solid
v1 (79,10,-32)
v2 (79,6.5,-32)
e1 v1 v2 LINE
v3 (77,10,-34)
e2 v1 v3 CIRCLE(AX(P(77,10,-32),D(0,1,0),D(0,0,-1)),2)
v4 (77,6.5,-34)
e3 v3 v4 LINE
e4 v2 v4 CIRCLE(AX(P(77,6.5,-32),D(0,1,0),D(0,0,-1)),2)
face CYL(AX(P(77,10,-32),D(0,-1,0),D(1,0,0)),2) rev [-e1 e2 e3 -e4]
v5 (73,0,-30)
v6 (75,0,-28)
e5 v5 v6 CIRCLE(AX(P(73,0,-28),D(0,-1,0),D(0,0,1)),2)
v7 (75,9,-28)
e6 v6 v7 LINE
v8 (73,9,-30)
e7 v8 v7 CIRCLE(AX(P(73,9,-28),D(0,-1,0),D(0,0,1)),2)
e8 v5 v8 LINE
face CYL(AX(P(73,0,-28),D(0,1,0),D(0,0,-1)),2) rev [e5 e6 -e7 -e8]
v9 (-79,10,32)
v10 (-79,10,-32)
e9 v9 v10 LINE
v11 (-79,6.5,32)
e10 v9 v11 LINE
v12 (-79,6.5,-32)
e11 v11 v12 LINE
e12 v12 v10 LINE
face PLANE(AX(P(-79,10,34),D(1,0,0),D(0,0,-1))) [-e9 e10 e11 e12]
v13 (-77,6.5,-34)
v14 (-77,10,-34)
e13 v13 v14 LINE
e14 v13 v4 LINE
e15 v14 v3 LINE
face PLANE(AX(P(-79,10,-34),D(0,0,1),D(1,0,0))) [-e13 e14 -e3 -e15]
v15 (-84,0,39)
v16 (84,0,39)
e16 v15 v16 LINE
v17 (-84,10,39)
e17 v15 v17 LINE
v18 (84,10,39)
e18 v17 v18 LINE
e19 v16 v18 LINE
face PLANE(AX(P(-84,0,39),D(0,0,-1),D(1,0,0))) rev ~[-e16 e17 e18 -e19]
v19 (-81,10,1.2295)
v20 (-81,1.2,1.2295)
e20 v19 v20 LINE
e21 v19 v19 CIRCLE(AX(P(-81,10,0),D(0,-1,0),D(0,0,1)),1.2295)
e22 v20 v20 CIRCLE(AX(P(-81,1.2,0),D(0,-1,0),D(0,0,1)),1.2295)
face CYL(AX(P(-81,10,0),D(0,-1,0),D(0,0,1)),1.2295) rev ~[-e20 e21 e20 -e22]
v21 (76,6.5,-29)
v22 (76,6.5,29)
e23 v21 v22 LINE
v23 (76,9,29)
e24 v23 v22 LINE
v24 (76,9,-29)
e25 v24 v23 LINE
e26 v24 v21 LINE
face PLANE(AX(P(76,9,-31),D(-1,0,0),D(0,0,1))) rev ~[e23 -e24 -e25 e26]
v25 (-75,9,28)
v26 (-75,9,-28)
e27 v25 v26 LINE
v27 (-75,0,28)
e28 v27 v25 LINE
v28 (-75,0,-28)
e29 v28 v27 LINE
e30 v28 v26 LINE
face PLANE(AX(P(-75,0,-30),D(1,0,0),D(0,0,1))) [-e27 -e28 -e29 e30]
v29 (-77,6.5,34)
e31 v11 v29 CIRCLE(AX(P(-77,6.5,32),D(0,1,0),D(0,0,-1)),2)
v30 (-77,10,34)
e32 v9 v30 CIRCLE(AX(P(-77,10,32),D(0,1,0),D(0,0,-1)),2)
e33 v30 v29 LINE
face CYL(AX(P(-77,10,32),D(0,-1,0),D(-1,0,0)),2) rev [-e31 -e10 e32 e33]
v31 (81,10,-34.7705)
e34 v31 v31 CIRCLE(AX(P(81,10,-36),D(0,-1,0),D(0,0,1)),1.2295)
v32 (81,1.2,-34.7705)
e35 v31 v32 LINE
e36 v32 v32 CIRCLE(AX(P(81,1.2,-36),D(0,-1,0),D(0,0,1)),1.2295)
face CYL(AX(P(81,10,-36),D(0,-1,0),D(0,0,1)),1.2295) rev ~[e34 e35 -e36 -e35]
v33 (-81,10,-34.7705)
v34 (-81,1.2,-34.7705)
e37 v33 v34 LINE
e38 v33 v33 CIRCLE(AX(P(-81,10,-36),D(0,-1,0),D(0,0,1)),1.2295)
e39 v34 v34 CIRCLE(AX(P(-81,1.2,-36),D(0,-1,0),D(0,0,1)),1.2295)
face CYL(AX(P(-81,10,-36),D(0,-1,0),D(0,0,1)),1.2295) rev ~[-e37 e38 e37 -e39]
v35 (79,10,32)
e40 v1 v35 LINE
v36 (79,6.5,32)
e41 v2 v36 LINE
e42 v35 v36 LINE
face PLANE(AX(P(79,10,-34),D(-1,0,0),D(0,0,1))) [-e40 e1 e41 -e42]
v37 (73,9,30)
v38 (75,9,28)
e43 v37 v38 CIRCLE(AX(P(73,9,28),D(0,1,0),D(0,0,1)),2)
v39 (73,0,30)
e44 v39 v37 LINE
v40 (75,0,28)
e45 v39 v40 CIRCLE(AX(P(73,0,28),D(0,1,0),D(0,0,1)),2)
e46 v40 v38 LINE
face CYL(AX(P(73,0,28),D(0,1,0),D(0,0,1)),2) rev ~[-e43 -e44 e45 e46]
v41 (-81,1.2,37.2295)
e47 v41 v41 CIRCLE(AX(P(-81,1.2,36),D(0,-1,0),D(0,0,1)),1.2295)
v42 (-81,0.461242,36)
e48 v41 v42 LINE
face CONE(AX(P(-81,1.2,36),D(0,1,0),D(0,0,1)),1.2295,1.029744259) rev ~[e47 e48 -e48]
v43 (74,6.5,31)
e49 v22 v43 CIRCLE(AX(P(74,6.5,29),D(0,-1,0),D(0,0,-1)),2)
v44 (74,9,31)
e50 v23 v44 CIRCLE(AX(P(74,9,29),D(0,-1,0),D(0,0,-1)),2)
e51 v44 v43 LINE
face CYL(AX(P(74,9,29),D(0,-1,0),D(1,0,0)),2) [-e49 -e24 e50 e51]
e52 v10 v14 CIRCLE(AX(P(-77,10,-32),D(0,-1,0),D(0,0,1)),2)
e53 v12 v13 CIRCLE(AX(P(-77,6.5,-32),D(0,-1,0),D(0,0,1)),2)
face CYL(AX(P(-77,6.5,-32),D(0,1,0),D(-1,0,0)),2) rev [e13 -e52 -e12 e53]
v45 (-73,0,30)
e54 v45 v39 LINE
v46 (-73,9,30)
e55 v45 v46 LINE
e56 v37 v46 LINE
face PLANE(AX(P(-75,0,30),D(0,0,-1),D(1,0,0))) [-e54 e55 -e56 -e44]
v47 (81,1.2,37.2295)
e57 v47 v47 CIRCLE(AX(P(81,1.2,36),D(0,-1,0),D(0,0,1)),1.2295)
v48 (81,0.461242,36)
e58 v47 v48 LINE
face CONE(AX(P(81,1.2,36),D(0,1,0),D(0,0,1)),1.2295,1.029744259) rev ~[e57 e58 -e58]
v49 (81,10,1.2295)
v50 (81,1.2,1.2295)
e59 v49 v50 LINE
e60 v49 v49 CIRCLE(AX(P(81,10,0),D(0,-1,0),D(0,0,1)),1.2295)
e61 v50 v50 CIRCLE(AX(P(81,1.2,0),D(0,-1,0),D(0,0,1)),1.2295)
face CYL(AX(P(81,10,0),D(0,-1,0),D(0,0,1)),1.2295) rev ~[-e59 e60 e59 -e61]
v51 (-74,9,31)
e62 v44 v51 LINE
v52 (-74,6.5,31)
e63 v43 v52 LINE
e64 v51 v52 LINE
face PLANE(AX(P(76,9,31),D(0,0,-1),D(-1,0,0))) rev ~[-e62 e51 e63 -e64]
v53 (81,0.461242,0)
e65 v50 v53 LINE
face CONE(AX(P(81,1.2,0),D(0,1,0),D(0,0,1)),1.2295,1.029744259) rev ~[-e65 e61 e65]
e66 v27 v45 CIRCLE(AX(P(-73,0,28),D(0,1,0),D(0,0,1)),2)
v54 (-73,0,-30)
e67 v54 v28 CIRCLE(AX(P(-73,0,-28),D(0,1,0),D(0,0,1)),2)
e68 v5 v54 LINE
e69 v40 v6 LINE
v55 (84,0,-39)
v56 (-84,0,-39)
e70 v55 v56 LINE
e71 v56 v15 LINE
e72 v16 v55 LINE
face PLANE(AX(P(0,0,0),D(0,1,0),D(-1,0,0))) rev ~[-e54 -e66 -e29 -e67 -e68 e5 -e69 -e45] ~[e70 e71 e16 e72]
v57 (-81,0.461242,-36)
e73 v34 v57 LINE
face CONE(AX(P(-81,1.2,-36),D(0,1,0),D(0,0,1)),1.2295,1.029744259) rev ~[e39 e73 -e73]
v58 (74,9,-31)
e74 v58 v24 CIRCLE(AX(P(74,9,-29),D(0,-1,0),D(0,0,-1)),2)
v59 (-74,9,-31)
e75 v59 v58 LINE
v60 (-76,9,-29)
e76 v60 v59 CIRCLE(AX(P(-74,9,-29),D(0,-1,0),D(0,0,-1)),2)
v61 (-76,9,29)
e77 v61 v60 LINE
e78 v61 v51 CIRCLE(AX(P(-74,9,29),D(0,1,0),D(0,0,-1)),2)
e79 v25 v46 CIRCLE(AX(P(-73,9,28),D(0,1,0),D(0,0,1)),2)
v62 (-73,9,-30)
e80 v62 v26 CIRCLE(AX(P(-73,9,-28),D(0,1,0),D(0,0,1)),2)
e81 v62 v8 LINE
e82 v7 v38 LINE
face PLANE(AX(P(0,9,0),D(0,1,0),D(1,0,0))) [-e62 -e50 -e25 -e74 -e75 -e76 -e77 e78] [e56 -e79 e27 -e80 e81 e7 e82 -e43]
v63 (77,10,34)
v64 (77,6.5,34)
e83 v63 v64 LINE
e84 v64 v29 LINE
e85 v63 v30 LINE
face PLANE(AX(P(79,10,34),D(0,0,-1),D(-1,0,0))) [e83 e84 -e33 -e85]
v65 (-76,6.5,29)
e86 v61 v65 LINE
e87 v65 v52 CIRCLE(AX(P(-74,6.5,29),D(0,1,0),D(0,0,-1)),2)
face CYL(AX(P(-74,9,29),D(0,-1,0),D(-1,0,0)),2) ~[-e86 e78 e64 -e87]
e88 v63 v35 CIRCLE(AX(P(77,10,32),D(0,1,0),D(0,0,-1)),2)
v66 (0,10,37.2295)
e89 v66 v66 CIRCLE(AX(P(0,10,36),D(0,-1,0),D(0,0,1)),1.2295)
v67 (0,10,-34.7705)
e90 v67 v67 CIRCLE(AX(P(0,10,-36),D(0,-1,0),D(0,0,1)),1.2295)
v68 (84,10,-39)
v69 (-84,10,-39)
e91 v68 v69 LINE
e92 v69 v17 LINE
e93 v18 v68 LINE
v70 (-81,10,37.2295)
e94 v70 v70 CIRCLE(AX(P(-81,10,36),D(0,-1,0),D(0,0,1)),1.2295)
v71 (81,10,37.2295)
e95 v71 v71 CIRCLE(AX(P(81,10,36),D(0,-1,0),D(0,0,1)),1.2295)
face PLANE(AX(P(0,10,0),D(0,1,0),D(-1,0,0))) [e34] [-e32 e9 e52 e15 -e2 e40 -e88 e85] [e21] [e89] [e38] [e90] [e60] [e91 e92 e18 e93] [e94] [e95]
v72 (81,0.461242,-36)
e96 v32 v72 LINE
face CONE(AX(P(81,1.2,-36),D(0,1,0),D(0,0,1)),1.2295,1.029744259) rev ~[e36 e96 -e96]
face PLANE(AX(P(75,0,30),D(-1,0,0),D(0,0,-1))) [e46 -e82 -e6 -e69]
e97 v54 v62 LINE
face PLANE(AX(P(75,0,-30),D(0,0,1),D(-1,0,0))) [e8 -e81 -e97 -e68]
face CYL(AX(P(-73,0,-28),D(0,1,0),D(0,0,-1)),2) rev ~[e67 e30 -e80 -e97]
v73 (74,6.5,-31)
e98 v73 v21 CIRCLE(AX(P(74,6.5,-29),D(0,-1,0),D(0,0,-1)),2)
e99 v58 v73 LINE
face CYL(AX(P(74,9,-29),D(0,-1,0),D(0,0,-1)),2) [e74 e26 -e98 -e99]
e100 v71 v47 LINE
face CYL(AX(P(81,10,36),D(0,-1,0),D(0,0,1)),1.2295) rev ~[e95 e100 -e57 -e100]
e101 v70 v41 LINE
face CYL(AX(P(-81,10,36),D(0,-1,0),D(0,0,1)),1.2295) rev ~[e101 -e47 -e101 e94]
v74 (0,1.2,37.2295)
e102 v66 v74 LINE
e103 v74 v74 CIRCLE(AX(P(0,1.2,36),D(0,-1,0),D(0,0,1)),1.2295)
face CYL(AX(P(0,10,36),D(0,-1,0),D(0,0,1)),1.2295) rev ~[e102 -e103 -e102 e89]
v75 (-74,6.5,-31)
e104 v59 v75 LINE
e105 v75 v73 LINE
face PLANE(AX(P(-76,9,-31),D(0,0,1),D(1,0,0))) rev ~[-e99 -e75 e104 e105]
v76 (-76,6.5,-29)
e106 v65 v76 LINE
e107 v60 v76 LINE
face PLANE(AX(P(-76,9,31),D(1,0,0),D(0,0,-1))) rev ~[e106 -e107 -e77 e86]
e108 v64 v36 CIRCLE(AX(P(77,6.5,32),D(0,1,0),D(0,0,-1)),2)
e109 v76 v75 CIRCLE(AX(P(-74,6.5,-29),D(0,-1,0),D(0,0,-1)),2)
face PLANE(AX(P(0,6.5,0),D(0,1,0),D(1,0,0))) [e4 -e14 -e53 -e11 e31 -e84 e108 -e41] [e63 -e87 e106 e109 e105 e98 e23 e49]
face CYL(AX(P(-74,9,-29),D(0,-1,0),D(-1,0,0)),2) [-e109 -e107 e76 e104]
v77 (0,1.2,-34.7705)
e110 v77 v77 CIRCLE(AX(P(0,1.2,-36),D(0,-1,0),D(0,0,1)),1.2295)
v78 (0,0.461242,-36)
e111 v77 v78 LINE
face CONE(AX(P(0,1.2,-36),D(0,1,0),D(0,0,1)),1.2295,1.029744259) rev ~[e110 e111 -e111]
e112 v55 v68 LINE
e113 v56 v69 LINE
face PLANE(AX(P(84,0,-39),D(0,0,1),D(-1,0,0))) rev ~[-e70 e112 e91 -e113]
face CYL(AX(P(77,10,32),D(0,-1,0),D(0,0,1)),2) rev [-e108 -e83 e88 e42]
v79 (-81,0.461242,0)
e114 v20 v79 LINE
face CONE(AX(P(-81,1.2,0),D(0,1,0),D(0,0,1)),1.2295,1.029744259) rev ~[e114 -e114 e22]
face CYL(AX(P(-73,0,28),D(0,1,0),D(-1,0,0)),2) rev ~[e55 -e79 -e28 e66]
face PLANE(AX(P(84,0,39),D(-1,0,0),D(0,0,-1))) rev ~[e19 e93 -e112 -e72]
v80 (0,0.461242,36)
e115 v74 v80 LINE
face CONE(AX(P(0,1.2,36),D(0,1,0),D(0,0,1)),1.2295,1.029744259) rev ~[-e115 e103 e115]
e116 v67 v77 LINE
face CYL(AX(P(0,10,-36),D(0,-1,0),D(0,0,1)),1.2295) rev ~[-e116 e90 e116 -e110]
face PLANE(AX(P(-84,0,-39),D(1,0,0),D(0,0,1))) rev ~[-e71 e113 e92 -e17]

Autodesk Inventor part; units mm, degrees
ref_plane "YZ Plane" through (0, 0, 0) normal (1, 0, 0) x (0, 1, 0)
ref_plane "XZ Plane" through (0, 0, 0) normal (0, 1, 0) x (-1, 0, 0)
ref_plane "XY Plane" through (0, 0, 0) normal (0, 0, 1) x (1, 0, 0)
sketch "Sketch2" plane through (0, 0, 0) normal (0, 1, 0) x (-1, 0, 0)
  line L0 (-75, -30) -> (75, -30)
  line L1 (75, -30) -> (75, 30)
  line L2 (75, 30) -> (-75, 30)
  line L3 (-75, 30) -> (-75, -30)
  line L4 (-75, -30) -> (75, 30) construction
  line L5 (75, -30) -> (-75, 30) construction
  line L6 (-84, -39) -> (84, -39)
  line L7 (84, -39) -> (84, 39)
  line L8 (84, 39) -> (-84, 39)
  line L9 (-84, 39) -> (-84, -39)
  line L10 (-84, -39) -> (84, 39) construction
  line L11 (84, -39) -> (-84, 39) construction
  point P0 (0, 0)
  dimension "d0" = 150
  dimension "d1" = 60
  dimension "d4" = 9
  dimension "d5" = 9
  dimension "d53" = 168
  dimension "d54" = 78
extrude "Extrusion1" add sketch "Sketch2" along normal blind 10
sketch "Sketch4" plane through (0, 10, 0) normal (0, 1, 0) x (1, 0, 0)
  line L0 (-84, 39) -> (-84, -39) construction
  line L1 (-84, -39) -> (84, -39) construction
  line L2 (84, -39) -> (84, 39) construction
  line L3 (84, 39) -> (-84, 39) construction
  line L4 (75, 30) -> (75, -30) construction
  line L5 (75, -30) -> (-75, -30) construction
  line L6 (-75, -30) -> (-75, 30) construction
  line L7 (-75, 30) -> (75, 30) construction
  line L8 (-75, 30) -> (75, 30)
  line L9 (75, 30) -> (75, -30)
  line L10 (75, -30) -> (-75, -30)
  line L11 (-75, -30) -> (-75, 30)
  line L12 (-75, 30) -> (75, -30) construction
  line L13 (75, 30) -> (-75, -30) construction
  line L14 (-79, 34) -> (79, 34)
  line L15 (79, 34) -> (79, -34)
  line L16 (79, -34) -> (-79, -34)
  line L17 (-79, -34) -> (-79, 34)
  line L18 (-79, 34) -> (79, -34) construction
  line L19 (79, 34) -> (-79, -34) construction
  point P0 (0, 0)
  dimension "d8" = 4
  dimension "d9" = 4
extrude "Extrusion2" cut sketch "Sketch4" against normal blind 1
sketch "Sketch7" plane through (0, 9, 0) normal (0, 1, 0) x (1, 0, 0)
  line L0 (79, -34) -> (-79, -34) construction
  line L1 (79, 34) -> (79, -34) construction
  line L2 (-79, 34) -> (79, 34) construction
  line L3 (-79, -34) -> (-79, 34) construction
  line L4 (75, 30) -> (-75, 30) construction
  line L5 (75, -30) -> (75, 30) construction
  line L6 (-75, -30) -> (75, -30) construction
  line L7 (-75, 30) -> (-75, -30) construction
  line L8 (-76, 31) -> (76, 31)
  line L9 (76, 31) -> (76, -31)
  line L10 (76, -31) -> (-76, -31)
  line L11 (-76, -31) -> (-76, 31)
  line L12 (-76, 31) -> (76, -31) construction
  line L13 (76, 31) -> (-76, -31) construction
  line L14 (-79, 34) -> (79, 34)
  line L15 (79, 34) -> (79, -34)
  line L16 (79, -34) -> (-79, -34)
  line L17 (-79, -34) -> (-79, 34)
  line L18 (-79, 34) -> (79, -34) construction
  line L19 (79, 34) -> (-79, -34) construction
  point P0 (0, 0)
  dimension "d15" = 3
  dimension "d16" = 3
extrude "Extrusion3" cut sketch "Sketch7" against normal blind 2.5
fillet "Fillet1" radius 2 8 edges at (76, 7.75, 31) (-76, 7.75, 31) (-76, 7.75, -31) (76, 7.75, -31) (75, 4.5, 30) (75, 4.5, -30) (-75, 4.5, -30) (-75, 4.5, 30)
fillet "Fillet2" radius 2 4 edges at (79, 8.25, 34) (79, 8.25, -34) (-79, 8.25, 34) (-79, 8.25, -34)
sketch "Sketch8" plane through (0, 10, 0) normal (0, 1, 0) x (1, 0, 0)
  line L0 (79, 32) -> (79, -32) construction
  arc A0 (77, -34) -> (79, -32) centre (77, -32) ccw construction
  line L1 (77, -34) -> (-77, -34) construction
  arc A1 (-79, -32) -> (-77, -34) centre (-77, -32) ccw construction
  line L2 (-79, -32) -> (-79, 32) construction
  arc A2 (-77, 34) -> (-79, 32) centre (-77, 32) ccw construction
  line L3 (-77, 34) -> (77, 34) construction
  arc A3 (79, 32) -> (77, 34) centre (77, 32) ccw construction
  line L4 (-84, 39) -> (-84, -39) construction
  line L5 (-84, -39) -> (84, -39) construction
  line L6 (84, -39) -> (84, 39) construction
  line L7 (84, 39) -> (-84, 39) construction
  line L8 (152.6, 0) -> (-152.6, 0) construction
  line L9 (0, 68.6) -> (0, -68.6) construction
  line L10 (-75, 28) -> (-75, -28) construction
  line L11 (73, 30) -> (-73, 30) construction
  line L12 (75, -28) -> (75, 28) construction
  line L13 (-73, -30) -> (73, -30) construction
  point P0 (0, 0)
  point P1 (81, -36)
  point P2 (81, 0)
  point P3 (81, 36)
  point P4 (0, 36)
  point P5 (-81, 36)
  point P6 (-81, 0)
  point P7 (-81, -36)
  point P8 (0, -36)
  dimension "d21" = 5
  dimension "d41" = 6
  dimension "d42" = 6
  dimension "d43" = 6
  dimension "d44" = 6
  dimension "d45" = 6
  dimension "d46" = 6
  dimension "d47" = 6
  dimension "d48" = 6
  dimension "d49" = 6
  dimension "d50" = 6
  dimension "d51" = 6
  dimension "d52" = 6
hole "Hole1" at (81, 10, 36) at (81, 10, 0) at (81, 10, -36) at (0, 10, -36) at (-81, 10, -36) at (-81, 10, 0) at (-81, 10, 36) at (0, 10, 36) direction (0, -1, 0) diameter 2.459 depth 8.8 tip angle 118 thread size "M3x0.5" class "6H" standard "ISO Metric profile"
properties part number "P031_MonoVitreBas"
